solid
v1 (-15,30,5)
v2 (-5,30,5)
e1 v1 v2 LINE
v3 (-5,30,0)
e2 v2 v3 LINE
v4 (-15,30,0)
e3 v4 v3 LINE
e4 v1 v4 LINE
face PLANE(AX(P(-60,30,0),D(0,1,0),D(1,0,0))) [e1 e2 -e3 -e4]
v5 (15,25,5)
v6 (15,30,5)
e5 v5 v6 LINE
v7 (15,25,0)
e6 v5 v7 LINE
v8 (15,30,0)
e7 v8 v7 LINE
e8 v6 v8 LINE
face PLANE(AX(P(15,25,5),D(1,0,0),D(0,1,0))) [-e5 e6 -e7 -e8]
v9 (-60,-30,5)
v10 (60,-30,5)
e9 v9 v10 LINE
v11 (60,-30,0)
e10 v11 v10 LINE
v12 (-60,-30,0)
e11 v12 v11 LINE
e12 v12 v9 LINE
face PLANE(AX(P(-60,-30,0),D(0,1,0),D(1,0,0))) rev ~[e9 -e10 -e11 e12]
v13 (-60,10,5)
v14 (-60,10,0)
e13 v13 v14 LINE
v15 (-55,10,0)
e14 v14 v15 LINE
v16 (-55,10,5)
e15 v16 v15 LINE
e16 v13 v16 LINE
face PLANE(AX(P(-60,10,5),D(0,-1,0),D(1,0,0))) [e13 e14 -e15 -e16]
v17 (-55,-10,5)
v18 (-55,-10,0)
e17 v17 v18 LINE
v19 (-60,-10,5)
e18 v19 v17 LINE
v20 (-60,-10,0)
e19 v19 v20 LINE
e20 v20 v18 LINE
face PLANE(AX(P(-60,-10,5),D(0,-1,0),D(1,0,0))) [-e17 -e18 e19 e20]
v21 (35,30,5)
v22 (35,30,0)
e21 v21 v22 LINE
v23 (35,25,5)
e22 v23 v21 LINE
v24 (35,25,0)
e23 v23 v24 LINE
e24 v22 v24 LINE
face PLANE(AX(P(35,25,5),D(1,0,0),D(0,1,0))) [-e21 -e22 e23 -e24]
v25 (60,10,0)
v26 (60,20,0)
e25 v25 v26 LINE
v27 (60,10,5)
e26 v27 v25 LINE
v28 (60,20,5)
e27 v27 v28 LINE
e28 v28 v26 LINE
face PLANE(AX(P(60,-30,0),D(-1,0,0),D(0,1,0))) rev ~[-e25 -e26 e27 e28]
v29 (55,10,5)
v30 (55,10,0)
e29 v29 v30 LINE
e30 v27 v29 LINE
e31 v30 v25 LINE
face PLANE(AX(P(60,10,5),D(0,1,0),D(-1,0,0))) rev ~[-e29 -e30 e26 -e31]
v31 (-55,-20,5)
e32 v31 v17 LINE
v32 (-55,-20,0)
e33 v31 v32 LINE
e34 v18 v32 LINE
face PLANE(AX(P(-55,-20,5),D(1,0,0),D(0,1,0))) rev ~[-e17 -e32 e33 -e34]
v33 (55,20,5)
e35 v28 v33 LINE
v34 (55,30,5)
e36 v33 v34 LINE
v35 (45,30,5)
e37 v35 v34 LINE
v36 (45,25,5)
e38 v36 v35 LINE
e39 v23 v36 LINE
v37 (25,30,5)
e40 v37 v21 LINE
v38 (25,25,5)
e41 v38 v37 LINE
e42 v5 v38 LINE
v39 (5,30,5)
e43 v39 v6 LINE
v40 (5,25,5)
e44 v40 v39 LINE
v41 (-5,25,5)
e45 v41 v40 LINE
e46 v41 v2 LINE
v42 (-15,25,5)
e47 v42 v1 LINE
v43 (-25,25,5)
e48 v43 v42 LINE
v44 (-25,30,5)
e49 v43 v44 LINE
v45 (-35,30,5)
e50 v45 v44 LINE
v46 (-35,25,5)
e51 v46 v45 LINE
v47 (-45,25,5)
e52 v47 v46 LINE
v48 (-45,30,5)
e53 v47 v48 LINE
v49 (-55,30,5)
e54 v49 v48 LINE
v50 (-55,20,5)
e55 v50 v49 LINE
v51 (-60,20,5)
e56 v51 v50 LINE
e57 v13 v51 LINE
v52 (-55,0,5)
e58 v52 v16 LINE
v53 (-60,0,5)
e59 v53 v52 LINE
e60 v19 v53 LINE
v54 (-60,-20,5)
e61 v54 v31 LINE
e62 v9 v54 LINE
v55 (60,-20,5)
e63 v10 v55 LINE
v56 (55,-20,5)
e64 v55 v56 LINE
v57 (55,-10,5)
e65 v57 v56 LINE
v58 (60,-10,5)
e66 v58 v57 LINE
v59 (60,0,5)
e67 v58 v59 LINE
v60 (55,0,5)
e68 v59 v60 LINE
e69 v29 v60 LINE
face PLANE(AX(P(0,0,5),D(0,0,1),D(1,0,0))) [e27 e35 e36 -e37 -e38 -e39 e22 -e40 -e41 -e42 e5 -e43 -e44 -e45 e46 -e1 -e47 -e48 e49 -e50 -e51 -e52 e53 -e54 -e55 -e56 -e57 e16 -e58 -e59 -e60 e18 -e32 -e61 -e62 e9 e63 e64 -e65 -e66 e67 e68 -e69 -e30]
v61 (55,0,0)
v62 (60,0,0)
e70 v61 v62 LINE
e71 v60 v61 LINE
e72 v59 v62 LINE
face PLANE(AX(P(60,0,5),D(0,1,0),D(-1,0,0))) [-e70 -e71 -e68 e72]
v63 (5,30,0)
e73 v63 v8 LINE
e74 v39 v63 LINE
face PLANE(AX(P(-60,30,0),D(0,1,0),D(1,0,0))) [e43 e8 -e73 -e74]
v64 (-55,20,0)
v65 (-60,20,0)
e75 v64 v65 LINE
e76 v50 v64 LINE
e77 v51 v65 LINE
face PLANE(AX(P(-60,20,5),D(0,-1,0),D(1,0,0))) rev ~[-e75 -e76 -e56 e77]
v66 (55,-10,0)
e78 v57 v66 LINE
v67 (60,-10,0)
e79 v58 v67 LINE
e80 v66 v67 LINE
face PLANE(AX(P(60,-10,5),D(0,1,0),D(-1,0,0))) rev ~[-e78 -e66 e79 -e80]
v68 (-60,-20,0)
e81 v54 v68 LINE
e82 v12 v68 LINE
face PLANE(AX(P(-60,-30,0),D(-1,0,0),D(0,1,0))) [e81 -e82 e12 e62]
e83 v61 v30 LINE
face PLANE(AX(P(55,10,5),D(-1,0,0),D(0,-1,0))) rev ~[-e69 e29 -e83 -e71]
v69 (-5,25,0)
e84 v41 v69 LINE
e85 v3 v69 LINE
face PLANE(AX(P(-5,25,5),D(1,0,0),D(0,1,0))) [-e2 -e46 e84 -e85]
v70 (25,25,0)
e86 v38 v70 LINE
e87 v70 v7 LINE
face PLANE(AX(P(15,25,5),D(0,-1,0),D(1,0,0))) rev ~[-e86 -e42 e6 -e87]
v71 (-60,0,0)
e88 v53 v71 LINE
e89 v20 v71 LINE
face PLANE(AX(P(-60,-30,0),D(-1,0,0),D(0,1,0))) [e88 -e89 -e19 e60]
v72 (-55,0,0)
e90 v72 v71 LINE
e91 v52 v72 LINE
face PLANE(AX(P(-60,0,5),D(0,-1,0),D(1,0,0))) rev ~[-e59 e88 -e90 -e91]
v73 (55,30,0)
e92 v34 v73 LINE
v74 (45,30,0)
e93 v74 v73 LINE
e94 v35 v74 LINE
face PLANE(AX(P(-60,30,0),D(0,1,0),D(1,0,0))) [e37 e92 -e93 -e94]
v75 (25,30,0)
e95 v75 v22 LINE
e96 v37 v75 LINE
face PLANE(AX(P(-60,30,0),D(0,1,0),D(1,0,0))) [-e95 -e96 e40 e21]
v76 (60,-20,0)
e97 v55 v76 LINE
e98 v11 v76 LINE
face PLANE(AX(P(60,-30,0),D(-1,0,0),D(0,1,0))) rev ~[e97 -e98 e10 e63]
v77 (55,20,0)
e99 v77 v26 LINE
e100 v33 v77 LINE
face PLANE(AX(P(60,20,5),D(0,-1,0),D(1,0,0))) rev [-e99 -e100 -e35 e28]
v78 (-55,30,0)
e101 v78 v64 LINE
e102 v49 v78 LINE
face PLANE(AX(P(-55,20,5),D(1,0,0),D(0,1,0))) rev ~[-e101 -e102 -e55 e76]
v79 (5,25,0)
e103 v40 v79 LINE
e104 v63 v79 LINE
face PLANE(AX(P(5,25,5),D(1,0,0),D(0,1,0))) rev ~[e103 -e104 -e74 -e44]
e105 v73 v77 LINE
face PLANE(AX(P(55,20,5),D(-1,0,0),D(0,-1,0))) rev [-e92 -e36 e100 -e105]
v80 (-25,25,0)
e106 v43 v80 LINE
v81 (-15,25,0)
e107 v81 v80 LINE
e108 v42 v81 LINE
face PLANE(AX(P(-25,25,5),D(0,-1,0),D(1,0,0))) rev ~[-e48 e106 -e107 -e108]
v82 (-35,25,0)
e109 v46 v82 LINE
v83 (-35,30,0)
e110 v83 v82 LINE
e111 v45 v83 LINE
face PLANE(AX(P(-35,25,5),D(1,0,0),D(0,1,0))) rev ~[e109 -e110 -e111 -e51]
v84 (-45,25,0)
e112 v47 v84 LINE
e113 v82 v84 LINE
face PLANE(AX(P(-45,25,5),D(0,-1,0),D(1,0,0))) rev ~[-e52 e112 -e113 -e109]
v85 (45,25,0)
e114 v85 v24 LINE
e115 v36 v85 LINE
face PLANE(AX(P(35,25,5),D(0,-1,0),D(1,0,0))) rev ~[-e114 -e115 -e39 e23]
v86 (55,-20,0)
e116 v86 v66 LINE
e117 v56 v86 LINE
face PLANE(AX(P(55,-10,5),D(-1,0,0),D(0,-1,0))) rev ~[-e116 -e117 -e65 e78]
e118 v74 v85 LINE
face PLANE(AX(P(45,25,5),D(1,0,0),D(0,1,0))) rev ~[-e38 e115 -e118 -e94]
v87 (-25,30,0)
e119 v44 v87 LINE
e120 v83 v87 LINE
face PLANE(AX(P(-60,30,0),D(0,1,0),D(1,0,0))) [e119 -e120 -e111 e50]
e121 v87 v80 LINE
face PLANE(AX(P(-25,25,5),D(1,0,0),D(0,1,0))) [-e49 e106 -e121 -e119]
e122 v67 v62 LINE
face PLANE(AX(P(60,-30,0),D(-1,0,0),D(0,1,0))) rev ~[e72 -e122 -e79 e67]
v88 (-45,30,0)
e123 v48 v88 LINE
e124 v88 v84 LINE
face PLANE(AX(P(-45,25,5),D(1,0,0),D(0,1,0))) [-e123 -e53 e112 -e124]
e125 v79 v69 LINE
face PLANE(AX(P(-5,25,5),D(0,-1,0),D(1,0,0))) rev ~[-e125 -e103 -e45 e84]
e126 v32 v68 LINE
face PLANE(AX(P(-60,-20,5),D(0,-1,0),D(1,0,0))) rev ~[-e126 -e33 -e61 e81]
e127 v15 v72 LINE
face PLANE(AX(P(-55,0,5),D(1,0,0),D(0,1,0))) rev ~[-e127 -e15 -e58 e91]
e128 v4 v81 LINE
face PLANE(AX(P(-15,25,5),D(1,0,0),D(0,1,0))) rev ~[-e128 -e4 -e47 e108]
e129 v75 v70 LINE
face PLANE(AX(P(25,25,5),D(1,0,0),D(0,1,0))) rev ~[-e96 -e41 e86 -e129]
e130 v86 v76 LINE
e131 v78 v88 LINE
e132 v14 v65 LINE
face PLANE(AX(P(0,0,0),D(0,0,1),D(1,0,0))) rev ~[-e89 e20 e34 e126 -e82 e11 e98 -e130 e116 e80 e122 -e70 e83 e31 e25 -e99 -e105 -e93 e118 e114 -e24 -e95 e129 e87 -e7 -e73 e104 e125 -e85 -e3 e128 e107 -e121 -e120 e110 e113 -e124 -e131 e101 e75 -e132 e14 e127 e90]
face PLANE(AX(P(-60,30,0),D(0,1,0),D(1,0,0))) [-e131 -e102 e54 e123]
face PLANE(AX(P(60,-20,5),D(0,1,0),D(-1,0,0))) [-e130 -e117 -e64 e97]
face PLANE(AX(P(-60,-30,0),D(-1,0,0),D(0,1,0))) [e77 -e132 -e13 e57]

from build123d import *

# Parameters (mm, degrees)
SKETCH_1_W               = 120
SKETCH_1_H               = 60
EXTRUDE_1_DEPTH          = 5
CUT_EXTRUDE_1_REACH      = 69.268
SKETCH_2_W               = 5
SKETCH_2_H               = 10
PATTERN_LINEAR_1_COUNT   = 3
PATTERN_LINEAR_1_PITCH   = 20
MIRROR_1_COPY_1_REACH    = 69.268
MIRROR_1_COPY_1_SKETCH_W = 5
MIRROR_1_COPY_1_SKETCH_H = 10
MIRROR_1_COPY_2_REACH    = 69.268
MIRROR_1_COPY_2_SKETCH_W = 5
MIRROR_1_COPY_2_SKETCH_H = 10
CUT_EXTRUDE_2_REACH      = 69.268
SKETCH_3_W               = 10
SKETCH_3_H               = 5
PATTERN_LINEAR_2_COUNT   = 3
PATTERN_LINEAR_2_PITCH   = 20
PATTERN_LINEAR_3_COUNT   = 3
PATTERN_LINEAR_3_PITCH   = 20


with BuildPart() as part:
    # 스케치1 → 보스-돌출1 (new body)
    with BuildSketch(Plane.XY):
        Rectangle(SKETCH_1_W, SKETCH_1_H)
    extrude(amount=EXTRUDE_1_DEPTH)

    # 스케치2 → 컷-돌출1 (cut, up to next)
    with BuildSketch(Plane.XY.offset(5), mode=Mode.PRIVATE) as cut_extrude_1_sk1:
        with Locations((-57.5, 25)):
            Rectangle(SKETCH_2_W, SKETCH_2_H)
    cut_extrude_1_tool1 = extrude(cut_extrude_1_sk1.sketch, amount=-CUT_EXTRUDE_1_REACH, mode=Mode.PRIVATE) & part.part
    cut_extrude_1 = cut_extrude_1_tool1.solids().sort_by_distance((-57.5, 25, 5))[0]
    add(cut_extrude_1, mode=Mode.SUBTRACT)

    # 선형 패턴1: 컷-돌출1 ×3
    with Locations(*[(0, -i * PATTERN_LINEAR_1_PITCH, 0) for i in range(1, PATTERN_LINEAR_1_COUNT)]):
        add(cut_extrude_1, mode=Mode.SUBTRACT)

    # 대칭 복사1: 컷-돌출1 across plane
    add(cut_extrude_1.mirror(Plane(origin=(0, 0, 0), x_dir=(0, 0, 1), z_dir=(1, 0, 0))), mode=Mode.SUBTRACT)

    # 대칭 복사1 copy 1 sketch → 대칭 복사1 copy 1 (cut, up to next)
    with BuildSketch(Plane(origin=(0, -20, 5), x_dir=(-1, 0, 0), z_dir=(0, 0, 1)), mode=Mode.PRIVATE) as mirror_1_copy_1_sk1:
        with Locations((-57.5, -25)):
            Rectangle(MIRROR_1_COPY_1_SKETCH_W, MIRROR_1_COPY_1_SKETCH_H)
    mirror_1_copy_1_tool1 = extrude(mirror_1_copy_1_sk1.sketch, amount=-MIRROR_1_COPY_1_REACH, mode=Mode.PRIVATE) & part.part
    add(mirror_1_copy_1_tool1.solids().sort_by_distance((57.5, 5, 5))[0], mode=Mode.SUBTRACT)

    # 대칭 복사1 copy 2 sketch → 대칭 복사1 copy 2 (cut, up to next)
    with BuildSketch(Plane(origin=(0, -40, 5), x_dir=(-1, 0, 0), z_dir=(0, 0, 1)), mode=Mode.PRIVATE) as mirror_1_copy_2_sk1:
        with Locations((-57.5, -25)):
            Rectangle(MIRROR_1_COPY_2_SKETCH_W, MIRROR_1_COPY_2_SKETCH_H)
    mirror_1_copy_2_tool1 = extrude(mirror_1_copy_2_sk1.sketch, amount=-MIRROR_1_COPY_2_REACH, mode=Mode.PRIVATE) & part.part
    add(mirror_1_copy_2_tool1.solids().sort_by_distance((57.5, -15, 5))[0], mode=Mode.SUBTRACT)

    # 스케치3 → 컷-돌출2 (cut, up to next)
    with BuildSketch(Plane.XY.offset(5), mode=Mode.PRIVATE) as cut_extrude_2_sk1:
        with Locations((0, 27.5)):
            Rectangle(SKETCH_3_W, SKETCH_3_H)
    cut_extrude_2_tool1 = extrude(cut_extrude_2_sk1.sketch, amount=-CUT_EXTRUDE_2_REACH, mode=Mode.PRIVATE) & part.part
    cut_extrude_2 = cut_extrude_2_tool1.solids().sort_by_distance((0, 27.5, 5))[0]
    add(cut_extrude_2, mode=Mode.SUBTRACT)

    # 선형 패턴2: 컷-돌출2 ×3
    with Locations(*[(-i * PATTERN_LINEAR_2_PITCH, 0, 0) for i in range(1, PATTERN_LINEAR_2_COUNT)]):
        add(cut_extrude_2, mode=Mode.SUBTRACT)

    # 선형 패턴3: 컷-돌출2 ×3
    with Locations(*[(i * PATTERN_LINEAR_3_PITCH, 0, 0) for i in range(1, PATTERN_LINEAR_3_COUNT)]):
        add(cut_extrude_2, mode=Mode.SUBTRACT)


solid = part.part
